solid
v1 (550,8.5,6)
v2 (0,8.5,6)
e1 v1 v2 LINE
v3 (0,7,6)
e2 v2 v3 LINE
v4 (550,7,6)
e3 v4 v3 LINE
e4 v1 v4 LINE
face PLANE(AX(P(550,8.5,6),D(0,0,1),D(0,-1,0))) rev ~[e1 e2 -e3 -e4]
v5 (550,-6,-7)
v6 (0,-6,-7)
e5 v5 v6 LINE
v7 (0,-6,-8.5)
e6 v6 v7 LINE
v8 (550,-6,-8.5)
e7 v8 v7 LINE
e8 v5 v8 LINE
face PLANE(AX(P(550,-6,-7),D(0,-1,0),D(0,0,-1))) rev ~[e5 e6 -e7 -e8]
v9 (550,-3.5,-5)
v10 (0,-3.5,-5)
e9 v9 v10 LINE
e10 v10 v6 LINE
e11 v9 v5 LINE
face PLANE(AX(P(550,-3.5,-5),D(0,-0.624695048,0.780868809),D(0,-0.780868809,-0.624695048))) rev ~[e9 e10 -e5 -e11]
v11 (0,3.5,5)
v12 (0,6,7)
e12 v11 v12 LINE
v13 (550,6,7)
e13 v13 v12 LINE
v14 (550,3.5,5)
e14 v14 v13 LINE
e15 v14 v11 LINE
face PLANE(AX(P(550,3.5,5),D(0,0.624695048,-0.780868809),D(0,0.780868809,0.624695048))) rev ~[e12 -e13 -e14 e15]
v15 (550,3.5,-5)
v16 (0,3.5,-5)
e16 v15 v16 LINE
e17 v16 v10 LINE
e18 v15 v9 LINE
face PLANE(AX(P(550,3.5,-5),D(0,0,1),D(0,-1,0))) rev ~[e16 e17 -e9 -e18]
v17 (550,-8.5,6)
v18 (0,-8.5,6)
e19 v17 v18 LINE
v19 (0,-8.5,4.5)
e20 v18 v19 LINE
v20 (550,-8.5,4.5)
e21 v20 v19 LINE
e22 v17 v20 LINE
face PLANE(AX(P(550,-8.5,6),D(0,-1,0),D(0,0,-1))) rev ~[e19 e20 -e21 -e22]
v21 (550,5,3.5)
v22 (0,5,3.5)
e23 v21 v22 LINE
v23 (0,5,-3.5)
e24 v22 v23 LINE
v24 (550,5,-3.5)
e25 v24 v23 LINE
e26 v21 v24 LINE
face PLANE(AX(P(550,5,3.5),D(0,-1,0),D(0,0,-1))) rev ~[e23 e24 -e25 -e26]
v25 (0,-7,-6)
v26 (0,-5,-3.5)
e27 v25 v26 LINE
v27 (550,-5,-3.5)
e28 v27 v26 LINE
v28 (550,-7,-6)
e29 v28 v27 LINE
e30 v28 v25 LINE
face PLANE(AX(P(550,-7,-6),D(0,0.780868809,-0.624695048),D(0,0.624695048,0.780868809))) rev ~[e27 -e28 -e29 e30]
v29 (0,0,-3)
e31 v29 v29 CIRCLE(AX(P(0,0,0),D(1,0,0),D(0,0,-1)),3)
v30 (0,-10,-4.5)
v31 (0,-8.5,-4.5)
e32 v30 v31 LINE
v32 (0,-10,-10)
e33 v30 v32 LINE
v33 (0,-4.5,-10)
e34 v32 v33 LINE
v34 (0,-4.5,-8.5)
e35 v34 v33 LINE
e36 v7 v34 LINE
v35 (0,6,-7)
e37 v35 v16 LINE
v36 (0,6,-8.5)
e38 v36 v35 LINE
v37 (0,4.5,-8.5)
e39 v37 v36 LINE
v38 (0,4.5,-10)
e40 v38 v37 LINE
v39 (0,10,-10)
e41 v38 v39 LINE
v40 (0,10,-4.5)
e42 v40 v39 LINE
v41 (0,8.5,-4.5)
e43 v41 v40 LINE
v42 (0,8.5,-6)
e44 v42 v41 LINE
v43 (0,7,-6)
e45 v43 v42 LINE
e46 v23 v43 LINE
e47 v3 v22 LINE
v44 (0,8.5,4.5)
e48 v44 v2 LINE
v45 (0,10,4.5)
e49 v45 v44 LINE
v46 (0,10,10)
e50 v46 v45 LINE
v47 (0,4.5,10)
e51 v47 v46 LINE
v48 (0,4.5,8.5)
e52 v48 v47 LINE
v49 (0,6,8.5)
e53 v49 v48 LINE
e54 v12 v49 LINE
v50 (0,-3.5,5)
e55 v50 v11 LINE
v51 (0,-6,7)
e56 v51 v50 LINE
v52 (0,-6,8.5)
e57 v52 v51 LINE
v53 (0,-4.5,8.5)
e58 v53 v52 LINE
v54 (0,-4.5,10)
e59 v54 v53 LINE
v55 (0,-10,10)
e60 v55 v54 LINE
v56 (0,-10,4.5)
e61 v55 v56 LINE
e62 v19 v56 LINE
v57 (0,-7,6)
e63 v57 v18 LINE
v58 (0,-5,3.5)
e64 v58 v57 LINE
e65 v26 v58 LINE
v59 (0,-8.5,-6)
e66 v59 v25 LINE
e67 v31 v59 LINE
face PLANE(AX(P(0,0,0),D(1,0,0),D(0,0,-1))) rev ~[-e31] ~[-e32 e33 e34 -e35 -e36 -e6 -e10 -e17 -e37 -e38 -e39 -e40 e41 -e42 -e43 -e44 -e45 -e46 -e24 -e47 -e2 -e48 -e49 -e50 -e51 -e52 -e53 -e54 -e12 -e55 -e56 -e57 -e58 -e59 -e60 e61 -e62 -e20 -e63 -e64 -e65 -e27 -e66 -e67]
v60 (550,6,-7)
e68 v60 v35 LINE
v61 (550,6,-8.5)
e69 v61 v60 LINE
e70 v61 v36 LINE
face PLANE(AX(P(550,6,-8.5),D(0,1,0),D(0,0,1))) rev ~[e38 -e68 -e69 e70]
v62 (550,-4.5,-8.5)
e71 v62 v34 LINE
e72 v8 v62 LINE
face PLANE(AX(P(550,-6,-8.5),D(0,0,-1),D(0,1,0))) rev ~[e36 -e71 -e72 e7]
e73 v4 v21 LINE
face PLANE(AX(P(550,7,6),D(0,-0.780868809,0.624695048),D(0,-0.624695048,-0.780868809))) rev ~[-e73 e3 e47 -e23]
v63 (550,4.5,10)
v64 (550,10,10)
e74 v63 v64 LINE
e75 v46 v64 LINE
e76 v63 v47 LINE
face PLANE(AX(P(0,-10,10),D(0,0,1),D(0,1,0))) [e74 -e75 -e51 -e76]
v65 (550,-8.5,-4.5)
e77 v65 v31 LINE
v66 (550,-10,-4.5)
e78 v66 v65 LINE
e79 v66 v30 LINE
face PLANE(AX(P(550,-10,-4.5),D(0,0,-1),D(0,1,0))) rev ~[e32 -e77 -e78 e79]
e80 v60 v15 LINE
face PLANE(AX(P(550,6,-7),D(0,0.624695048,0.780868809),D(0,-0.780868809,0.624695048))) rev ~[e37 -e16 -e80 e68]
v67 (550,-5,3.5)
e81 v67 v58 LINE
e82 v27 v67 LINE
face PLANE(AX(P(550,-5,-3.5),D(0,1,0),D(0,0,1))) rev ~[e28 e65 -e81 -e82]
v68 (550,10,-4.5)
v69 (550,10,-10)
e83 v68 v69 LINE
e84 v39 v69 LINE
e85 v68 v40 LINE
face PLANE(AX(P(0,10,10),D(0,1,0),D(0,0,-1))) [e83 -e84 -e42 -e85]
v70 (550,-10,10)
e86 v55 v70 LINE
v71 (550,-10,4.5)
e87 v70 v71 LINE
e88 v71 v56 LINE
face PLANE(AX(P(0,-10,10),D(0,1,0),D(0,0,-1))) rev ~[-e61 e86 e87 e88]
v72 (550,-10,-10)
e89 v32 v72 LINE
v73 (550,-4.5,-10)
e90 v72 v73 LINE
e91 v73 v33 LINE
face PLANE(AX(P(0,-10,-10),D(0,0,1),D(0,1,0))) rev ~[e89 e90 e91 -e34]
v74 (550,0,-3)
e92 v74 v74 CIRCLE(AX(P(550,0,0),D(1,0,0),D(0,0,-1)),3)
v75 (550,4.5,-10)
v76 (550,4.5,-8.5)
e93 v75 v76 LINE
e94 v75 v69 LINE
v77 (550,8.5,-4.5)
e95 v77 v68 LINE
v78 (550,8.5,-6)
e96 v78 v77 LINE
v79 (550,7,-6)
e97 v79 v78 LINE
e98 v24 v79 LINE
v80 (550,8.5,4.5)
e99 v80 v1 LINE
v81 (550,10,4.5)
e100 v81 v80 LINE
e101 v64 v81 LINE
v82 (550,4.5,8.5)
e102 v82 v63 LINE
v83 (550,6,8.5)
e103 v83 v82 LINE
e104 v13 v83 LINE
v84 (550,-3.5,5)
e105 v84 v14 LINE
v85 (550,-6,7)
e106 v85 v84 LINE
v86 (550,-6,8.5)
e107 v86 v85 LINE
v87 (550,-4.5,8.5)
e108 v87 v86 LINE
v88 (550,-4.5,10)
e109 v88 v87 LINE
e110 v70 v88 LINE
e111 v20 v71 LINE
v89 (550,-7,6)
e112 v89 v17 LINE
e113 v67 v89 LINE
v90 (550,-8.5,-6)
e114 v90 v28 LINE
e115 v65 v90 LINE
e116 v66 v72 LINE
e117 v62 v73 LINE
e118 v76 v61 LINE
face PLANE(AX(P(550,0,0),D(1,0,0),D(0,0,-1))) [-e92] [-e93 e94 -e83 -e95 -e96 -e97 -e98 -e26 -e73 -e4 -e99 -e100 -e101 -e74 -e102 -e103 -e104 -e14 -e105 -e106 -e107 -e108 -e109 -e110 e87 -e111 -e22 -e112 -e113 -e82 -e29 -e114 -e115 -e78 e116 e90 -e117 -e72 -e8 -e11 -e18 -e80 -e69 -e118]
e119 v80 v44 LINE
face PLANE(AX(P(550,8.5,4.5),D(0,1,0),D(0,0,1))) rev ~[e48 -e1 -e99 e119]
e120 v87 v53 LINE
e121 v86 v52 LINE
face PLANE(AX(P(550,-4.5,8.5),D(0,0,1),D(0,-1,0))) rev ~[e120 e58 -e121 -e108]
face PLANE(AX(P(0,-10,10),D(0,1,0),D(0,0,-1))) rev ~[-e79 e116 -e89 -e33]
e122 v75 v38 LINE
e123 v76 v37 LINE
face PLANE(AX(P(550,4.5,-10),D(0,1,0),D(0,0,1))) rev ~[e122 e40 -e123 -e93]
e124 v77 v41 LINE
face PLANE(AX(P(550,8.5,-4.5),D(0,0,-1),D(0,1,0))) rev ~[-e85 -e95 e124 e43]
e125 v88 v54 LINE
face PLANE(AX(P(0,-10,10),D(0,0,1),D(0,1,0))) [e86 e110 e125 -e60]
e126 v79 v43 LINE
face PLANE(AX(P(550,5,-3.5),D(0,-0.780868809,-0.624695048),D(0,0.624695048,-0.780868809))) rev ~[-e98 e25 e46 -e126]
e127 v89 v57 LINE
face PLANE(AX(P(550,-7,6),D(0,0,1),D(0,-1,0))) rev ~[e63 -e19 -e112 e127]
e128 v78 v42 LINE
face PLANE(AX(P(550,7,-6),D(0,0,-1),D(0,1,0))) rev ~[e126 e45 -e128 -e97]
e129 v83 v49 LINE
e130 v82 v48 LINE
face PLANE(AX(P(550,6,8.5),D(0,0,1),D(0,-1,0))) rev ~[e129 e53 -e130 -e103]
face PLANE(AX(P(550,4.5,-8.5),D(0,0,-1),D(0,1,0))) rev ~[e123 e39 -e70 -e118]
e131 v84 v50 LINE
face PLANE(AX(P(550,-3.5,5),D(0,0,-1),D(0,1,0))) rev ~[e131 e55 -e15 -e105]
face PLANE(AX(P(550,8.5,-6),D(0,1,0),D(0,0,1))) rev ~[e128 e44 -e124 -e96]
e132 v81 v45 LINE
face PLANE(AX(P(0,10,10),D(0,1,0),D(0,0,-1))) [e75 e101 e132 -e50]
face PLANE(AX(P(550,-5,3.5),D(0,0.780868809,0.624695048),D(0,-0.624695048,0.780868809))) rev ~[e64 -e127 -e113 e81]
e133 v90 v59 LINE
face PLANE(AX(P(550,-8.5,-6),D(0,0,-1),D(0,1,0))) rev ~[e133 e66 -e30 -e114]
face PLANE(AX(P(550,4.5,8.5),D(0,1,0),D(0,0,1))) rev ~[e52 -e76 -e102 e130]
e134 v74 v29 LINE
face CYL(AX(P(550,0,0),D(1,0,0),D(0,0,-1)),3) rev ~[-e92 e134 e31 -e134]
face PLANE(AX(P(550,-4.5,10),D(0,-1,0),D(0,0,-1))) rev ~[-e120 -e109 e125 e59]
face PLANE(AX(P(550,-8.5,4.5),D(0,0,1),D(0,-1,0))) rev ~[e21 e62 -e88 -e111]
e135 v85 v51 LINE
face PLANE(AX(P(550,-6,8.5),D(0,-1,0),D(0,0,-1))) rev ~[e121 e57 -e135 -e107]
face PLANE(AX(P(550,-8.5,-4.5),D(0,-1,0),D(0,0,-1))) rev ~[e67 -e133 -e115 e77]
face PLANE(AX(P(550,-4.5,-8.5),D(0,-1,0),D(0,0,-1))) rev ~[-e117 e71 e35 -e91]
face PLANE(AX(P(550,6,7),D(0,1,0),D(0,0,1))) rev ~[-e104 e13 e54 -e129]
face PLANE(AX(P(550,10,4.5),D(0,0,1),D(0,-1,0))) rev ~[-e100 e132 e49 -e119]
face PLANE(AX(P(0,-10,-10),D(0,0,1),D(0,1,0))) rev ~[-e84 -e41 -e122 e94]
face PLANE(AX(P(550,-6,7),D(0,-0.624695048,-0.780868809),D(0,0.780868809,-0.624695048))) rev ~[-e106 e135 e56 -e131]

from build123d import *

# Parameters (mm, degrees)
SKETCH1_W           = 20
SKETCH1_H           = 20
BOSS_EXTRUDE1_DEPTH = 550
SKETCH2_R           = 3
CUT_EXTRUDE1_DEPTH  = 551.181788139
CUT_EXTRUDE2_DEPTH  = 551.181788139
CIRPATTERN1_COUNT   = 4


with BuildPart() as part:
    # Sketch1 → Boss-Extrude1 (new body)
    with BuildSketch(Plane(origin=(0, 0, 0), x_dir=(0, 0, -1), z_dir=(1, 0, 0))):
        Rectangle(SKETCH1_W, SKETCH1_H)
    extrude(amount=BOSS_EXTRUDE1_DEPTH)

    # Sketch2 → Cut-Extrude1 (cut, through all)
    with BuildSketch(Plane(origin=(550, 0, 0), x_dir=(0, 0, -1), z_dir=(1, 0, 0))):
        Circle(SKETCH2_R)
    extrude(amount=-CUT_EXTRUDE1_DEPTH, mode=Mode.SUBTRACT)

    # Sketch2<3> → Cut-Extrude2 (cut, through all)
    with BuildSketch(Plane(origin=(550, 0, 0), x_dir=(0, 0, -1), z_dir=(1, 0, 0))):
        Polygon((-3.5, 5), (3.5, 5), (6, 7), (6, 8.5), (4.5, 8.5), (4.5, 10), (-4.5, 10), (-4.5, 8.5), (-6, 8.5), (-6, 7), align=None)
    cut_extrude2 = extrude(amount=-CUT_EXTRUDE2_DEPTH, mode=Mode.SUBTRACT)

    # CirPattern1: Cut-Extrude2 ×4 about axis
    cirpattern1_axis = Axis((0, 0, 0), (1, 0, 0))
    for i in range(1, CIRPATTERN1_COUNT):
        add(cut_extrude2.rotate(cirpattern1_axis, i * 360 / CIRPATTERN1_COUNT), mode=Mode.SUBTRACT)


solid = part.part
